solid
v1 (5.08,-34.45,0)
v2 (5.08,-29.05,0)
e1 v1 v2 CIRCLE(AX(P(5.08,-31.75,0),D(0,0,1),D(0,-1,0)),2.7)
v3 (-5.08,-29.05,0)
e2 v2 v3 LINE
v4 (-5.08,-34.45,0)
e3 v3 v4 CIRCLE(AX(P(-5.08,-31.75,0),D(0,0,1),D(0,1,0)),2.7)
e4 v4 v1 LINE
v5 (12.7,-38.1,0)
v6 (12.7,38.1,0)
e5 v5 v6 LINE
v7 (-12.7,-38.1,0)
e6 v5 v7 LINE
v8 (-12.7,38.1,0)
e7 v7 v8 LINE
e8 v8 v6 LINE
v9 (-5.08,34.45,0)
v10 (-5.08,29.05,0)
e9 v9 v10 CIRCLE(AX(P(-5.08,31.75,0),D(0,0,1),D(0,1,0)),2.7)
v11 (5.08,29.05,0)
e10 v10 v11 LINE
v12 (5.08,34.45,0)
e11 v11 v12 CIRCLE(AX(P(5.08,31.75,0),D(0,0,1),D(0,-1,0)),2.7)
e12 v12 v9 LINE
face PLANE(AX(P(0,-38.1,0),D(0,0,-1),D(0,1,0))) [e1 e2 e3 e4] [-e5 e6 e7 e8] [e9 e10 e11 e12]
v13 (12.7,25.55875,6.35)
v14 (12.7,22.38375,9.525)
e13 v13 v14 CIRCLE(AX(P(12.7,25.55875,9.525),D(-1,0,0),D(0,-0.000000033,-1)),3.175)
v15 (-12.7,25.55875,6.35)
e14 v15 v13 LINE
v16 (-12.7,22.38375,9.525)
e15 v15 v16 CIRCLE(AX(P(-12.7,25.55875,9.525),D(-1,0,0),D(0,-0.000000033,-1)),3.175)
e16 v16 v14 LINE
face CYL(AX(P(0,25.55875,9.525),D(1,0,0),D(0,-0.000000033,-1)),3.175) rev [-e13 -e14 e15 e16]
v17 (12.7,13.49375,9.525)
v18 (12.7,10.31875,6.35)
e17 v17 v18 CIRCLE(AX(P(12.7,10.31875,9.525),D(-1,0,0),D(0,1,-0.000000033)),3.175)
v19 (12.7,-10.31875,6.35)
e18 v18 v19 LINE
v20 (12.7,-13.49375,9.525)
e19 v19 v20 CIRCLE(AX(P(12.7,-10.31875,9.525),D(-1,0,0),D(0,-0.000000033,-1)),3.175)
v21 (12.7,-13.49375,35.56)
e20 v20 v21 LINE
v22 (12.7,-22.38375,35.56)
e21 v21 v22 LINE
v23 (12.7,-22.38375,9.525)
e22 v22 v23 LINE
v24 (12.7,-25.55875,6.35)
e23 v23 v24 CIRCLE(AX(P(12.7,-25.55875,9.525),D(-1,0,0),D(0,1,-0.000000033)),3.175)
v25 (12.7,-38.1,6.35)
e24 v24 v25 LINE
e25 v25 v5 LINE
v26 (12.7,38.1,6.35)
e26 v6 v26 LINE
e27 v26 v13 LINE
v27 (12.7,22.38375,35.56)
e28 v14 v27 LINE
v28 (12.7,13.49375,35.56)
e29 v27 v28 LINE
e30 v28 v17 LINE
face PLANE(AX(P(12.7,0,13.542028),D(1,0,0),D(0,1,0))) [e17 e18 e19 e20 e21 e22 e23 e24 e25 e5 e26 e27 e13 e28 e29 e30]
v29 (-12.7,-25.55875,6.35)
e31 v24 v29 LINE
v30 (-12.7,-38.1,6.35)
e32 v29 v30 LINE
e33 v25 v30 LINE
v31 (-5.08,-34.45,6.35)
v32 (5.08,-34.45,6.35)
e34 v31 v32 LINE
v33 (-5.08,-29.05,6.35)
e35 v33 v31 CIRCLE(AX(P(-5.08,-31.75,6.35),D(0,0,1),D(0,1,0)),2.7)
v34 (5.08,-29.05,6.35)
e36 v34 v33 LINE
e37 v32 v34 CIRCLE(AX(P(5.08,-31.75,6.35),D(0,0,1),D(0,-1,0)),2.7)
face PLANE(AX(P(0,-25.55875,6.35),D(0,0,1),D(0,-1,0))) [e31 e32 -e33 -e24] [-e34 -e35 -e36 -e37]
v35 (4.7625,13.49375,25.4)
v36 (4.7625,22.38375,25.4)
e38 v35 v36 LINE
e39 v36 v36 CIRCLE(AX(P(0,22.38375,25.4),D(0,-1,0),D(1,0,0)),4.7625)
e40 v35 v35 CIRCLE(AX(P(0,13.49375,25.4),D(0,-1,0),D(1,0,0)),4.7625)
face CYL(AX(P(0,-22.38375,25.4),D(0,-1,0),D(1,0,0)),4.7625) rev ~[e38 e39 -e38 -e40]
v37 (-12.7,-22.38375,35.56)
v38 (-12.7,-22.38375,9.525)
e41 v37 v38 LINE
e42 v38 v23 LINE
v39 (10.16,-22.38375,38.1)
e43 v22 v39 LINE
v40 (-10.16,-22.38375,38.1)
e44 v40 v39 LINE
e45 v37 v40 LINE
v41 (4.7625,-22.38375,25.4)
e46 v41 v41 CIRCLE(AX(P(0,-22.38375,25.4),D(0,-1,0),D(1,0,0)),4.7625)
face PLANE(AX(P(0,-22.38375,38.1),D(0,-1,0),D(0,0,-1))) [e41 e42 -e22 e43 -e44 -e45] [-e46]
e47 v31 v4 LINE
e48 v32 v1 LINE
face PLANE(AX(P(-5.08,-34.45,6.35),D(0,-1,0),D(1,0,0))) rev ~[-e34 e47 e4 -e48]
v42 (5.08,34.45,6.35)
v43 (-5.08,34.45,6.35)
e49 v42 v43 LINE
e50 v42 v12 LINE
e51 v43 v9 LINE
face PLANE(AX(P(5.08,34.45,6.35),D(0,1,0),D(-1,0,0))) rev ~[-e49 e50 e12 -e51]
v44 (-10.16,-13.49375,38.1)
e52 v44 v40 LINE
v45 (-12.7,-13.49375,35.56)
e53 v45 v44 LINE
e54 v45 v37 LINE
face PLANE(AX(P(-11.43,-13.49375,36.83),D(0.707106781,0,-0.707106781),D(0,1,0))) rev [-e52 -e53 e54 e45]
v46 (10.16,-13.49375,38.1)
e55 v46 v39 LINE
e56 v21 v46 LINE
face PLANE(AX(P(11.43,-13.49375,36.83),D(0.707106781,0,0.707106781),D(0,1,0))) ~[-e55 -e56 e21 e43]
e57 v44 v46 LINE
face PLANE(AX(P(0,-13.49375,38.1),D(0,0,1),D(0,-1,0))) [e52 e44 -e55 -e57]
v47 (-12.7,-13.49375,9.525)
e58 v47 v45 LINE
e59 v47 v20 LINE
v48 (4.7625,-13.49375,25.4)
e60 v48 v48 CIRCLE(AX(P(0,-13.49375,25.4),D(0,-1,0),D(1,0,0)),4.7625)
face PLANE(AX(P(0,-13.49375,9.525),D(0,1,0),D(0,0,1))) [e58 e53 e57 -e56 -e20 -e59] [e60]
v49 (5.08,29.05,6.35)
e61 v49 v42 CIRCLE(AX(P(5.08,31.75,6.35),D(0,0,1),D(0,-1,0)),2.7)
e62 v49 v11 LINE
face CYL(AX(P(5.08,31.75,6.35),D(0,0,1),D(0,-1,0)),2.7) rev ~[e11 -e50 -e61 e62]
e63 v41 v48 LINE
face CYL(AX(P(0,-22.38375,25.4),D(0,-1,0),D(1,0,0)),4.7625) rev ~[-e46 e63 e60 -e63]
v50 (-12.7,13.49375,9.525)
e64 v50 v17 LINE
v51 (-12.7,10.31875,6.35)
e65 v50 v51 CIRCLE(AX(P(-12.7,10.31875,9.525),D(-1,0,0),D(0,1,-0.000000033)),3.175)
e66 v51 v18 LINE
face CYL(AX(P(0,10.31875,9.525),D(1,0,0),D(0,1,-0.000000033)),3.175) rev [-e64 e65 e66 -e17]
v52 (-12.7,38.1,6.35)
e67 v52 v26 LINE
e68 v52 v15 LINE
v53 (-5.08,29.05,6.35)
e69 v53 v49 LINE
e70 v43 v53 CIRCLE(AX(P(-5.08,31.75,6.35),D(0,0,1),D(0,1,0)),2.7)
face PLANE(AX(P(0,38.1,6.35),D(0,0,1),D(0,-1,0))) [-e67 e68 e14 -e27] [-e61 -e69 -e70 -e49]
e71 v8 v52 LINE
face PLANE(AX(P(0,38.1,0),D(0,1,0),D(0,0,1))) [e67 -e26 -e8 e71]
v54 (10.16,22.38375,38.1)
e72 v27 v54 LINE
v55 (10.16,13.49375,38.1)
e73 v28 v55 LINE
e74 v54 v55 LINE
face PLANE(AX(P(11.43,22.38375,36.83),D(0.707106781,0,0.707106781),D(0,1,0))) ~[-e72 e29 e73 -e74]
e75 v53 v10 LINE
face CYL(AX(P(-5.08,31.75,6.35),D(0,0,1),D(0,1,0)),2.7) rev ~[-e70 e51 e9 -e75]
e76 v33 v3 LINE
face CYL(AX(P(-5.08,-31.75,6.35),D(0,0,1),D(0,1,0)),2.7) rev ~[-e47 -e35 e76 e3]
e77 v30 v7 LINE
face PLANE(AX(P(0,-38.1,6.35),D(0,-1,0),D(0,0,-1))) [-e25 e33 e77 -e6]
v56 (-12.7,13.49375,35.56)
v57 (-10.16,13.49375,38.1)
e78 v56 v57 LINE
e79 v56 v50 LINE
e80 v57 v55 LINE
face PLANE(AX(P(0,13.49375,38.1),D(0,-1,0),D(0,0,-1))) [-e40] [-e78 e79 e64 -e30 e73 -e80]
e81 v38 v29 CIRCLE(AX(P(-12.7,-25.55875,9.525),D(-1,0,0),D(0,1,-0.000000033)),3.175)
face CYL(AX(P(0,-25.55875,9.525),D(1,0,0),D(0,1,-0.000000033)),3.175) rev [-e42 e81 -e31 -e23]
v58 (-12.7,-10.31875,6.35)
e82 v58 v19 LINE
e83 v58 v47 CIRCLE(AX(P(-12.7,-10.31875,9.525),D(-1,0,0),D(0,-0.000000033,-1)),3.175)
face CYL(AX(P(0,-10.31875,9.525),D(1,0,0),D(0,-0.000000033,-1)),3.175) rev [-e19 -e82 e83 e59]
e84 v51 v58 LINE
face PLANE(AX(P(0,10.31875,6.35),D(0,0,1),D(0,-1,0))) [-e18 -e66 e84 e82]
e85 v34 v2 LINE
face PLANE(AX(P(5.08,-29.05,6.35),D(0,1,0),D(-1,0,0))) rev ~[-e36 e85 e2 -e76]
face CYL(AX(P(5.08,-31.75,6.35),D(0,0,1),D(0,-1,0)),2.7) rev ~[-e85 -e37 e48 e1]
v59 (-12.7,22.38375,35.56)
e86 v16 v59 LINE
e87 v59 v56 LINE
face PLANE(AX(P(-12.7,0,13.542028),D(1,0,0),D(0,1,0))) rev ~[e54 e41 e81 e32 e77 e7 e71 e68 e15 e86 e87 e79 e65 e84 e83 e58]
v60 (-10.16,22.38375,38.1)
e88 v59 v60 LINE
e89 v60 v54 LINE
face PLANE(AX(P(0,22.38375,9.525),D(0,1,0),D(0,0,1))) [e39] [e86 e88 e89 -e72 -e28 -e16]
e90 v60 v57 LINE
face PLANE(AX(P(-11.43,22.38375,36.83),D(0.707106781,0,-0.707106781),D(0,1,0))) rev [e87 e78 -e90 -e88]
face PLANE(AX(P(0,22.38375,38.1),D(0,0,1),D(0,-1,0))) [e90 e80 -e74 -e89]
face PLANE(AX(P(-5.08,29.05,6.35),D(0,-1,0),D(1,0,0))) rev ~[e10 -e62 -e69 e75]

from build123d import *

# Parameters (mm, degrees)
F1_DEPTH = 12.7
F2_R     = 4.7625
F3_DEPTH = 44.7675
F5_DEPTH = 6.35
F6_SIZE  = 2.54


with BuildPart() as f1:
    # F0 (on Right) → F1 (new body, symmetric)
    with BuildSketch(Plane.YZ):
        with BuildLine():
            Line((-38.1, 0), (0, 0))
            Line((0, 0), (38.1, 0))
            Line((38.1, 0), (38.1, 6.35))
            Line((38.1, 6.35), (25.55875, 6.35))
            ThreePointArc((25.55875, 6.35), (23.313686, 7.279936), (22.38375, 9.525))
            Line((22.38375, 9.525), (22.38375, 38.1))
            Line((22.38375, 38.1), (13.49375, 38.1))
            Line((13.49375, 38.1), (13.49375, 9.525))
            ThreePointArc((13.49375, 9.525), (12.563814, 7.279936), (10.31875, 6.35))
            Line((10.31875, 6.35), (0, 6.35))
            Line((0, 6.35), (-10.31875, 6.35))
            ThreePointArc((-10.31875, 6.35), (-12.563814, 7.279936), (-13.49375, 9.525))
            Line((-13.49375, 9.525), (-13.49375, 38.1))
            Line((-13.49375, 38.1), (-22.38375, 38.1))
            Line((-22.38375, 38.1), (-22.38375, 9.525))
            ThreePointArc((-22.38375, 9.525), (-23.313686, 7.279936), (-25.55875, 6.35))
            Line((-25.55875, 6.35), (-38.1, 6.35))
            Line((-38.1, 6.35), (-38.1, 0))
        make_face()
    extrude(amount=F1_DEPTH, both=True)

    # F2 (on face) → F3 (cut, through all)
    with BuildSketch(Plane.XZ.offset(22.38375)):
        with Locations((0, 25.4)):
            Circle(F2_R)
    extrude(amount=-F3_DEPTH, mode=Mode.SUBTRACT)

    # F4 (on face) → F5 (cut, through all)
    with BuildSketch(Plane.XY.offset(6.35)):
        with BuildLine():
            ThreePointArc((-5.08, 34.45), (-7.78, 31.75), (-5.08, 29.05))
            Line((-5.08, 29.05), (5.08, 29.05))
            ThreePointArc((5.08, 29.05), (7.78, 31.75), (5.08, 34.45))
            Line((5.08, 34.45), (-5.08, 34.45))
        make_face()
        with BuildLine():
            ThreePointArc((-5.08, -29.05), (-7.78, -31.75), (-5.08, -34.45))
            Line((-5.08, -34.45), (0, -34.45))
            Line((0, -34.45), (0, -29.05))
            Line((0, -29.05), (-5.08, -29.05))
        make_face()
        with BuildLine():
            Line((0, -29.05), (0, -34.45))
            Line((0, -34.45), (5.08, -34.45))
            ThreePointArc((5.08, -34.45), (7.78, -31.75), (5.08, -29.05))
            Line((5.08, -29.05), (0, -29.05))
        make_face()
    extrude(amount=-F5_DEPTH, mode=Mode.SUBTRACT)

    # F6
    f6_edges = [f1.edges().sort_by_distance(p)[0] for p in [
        (12.7, -17.93875, 38.1),
        (12.7, 17.93875, 38.1),
        (-12.7, -17.93875, 38.1),
        (-12.7, 17.93875, 38.1),
    ]]
    chamfer(f6_edges, length=F6_SIZE)


solid = f1.part
